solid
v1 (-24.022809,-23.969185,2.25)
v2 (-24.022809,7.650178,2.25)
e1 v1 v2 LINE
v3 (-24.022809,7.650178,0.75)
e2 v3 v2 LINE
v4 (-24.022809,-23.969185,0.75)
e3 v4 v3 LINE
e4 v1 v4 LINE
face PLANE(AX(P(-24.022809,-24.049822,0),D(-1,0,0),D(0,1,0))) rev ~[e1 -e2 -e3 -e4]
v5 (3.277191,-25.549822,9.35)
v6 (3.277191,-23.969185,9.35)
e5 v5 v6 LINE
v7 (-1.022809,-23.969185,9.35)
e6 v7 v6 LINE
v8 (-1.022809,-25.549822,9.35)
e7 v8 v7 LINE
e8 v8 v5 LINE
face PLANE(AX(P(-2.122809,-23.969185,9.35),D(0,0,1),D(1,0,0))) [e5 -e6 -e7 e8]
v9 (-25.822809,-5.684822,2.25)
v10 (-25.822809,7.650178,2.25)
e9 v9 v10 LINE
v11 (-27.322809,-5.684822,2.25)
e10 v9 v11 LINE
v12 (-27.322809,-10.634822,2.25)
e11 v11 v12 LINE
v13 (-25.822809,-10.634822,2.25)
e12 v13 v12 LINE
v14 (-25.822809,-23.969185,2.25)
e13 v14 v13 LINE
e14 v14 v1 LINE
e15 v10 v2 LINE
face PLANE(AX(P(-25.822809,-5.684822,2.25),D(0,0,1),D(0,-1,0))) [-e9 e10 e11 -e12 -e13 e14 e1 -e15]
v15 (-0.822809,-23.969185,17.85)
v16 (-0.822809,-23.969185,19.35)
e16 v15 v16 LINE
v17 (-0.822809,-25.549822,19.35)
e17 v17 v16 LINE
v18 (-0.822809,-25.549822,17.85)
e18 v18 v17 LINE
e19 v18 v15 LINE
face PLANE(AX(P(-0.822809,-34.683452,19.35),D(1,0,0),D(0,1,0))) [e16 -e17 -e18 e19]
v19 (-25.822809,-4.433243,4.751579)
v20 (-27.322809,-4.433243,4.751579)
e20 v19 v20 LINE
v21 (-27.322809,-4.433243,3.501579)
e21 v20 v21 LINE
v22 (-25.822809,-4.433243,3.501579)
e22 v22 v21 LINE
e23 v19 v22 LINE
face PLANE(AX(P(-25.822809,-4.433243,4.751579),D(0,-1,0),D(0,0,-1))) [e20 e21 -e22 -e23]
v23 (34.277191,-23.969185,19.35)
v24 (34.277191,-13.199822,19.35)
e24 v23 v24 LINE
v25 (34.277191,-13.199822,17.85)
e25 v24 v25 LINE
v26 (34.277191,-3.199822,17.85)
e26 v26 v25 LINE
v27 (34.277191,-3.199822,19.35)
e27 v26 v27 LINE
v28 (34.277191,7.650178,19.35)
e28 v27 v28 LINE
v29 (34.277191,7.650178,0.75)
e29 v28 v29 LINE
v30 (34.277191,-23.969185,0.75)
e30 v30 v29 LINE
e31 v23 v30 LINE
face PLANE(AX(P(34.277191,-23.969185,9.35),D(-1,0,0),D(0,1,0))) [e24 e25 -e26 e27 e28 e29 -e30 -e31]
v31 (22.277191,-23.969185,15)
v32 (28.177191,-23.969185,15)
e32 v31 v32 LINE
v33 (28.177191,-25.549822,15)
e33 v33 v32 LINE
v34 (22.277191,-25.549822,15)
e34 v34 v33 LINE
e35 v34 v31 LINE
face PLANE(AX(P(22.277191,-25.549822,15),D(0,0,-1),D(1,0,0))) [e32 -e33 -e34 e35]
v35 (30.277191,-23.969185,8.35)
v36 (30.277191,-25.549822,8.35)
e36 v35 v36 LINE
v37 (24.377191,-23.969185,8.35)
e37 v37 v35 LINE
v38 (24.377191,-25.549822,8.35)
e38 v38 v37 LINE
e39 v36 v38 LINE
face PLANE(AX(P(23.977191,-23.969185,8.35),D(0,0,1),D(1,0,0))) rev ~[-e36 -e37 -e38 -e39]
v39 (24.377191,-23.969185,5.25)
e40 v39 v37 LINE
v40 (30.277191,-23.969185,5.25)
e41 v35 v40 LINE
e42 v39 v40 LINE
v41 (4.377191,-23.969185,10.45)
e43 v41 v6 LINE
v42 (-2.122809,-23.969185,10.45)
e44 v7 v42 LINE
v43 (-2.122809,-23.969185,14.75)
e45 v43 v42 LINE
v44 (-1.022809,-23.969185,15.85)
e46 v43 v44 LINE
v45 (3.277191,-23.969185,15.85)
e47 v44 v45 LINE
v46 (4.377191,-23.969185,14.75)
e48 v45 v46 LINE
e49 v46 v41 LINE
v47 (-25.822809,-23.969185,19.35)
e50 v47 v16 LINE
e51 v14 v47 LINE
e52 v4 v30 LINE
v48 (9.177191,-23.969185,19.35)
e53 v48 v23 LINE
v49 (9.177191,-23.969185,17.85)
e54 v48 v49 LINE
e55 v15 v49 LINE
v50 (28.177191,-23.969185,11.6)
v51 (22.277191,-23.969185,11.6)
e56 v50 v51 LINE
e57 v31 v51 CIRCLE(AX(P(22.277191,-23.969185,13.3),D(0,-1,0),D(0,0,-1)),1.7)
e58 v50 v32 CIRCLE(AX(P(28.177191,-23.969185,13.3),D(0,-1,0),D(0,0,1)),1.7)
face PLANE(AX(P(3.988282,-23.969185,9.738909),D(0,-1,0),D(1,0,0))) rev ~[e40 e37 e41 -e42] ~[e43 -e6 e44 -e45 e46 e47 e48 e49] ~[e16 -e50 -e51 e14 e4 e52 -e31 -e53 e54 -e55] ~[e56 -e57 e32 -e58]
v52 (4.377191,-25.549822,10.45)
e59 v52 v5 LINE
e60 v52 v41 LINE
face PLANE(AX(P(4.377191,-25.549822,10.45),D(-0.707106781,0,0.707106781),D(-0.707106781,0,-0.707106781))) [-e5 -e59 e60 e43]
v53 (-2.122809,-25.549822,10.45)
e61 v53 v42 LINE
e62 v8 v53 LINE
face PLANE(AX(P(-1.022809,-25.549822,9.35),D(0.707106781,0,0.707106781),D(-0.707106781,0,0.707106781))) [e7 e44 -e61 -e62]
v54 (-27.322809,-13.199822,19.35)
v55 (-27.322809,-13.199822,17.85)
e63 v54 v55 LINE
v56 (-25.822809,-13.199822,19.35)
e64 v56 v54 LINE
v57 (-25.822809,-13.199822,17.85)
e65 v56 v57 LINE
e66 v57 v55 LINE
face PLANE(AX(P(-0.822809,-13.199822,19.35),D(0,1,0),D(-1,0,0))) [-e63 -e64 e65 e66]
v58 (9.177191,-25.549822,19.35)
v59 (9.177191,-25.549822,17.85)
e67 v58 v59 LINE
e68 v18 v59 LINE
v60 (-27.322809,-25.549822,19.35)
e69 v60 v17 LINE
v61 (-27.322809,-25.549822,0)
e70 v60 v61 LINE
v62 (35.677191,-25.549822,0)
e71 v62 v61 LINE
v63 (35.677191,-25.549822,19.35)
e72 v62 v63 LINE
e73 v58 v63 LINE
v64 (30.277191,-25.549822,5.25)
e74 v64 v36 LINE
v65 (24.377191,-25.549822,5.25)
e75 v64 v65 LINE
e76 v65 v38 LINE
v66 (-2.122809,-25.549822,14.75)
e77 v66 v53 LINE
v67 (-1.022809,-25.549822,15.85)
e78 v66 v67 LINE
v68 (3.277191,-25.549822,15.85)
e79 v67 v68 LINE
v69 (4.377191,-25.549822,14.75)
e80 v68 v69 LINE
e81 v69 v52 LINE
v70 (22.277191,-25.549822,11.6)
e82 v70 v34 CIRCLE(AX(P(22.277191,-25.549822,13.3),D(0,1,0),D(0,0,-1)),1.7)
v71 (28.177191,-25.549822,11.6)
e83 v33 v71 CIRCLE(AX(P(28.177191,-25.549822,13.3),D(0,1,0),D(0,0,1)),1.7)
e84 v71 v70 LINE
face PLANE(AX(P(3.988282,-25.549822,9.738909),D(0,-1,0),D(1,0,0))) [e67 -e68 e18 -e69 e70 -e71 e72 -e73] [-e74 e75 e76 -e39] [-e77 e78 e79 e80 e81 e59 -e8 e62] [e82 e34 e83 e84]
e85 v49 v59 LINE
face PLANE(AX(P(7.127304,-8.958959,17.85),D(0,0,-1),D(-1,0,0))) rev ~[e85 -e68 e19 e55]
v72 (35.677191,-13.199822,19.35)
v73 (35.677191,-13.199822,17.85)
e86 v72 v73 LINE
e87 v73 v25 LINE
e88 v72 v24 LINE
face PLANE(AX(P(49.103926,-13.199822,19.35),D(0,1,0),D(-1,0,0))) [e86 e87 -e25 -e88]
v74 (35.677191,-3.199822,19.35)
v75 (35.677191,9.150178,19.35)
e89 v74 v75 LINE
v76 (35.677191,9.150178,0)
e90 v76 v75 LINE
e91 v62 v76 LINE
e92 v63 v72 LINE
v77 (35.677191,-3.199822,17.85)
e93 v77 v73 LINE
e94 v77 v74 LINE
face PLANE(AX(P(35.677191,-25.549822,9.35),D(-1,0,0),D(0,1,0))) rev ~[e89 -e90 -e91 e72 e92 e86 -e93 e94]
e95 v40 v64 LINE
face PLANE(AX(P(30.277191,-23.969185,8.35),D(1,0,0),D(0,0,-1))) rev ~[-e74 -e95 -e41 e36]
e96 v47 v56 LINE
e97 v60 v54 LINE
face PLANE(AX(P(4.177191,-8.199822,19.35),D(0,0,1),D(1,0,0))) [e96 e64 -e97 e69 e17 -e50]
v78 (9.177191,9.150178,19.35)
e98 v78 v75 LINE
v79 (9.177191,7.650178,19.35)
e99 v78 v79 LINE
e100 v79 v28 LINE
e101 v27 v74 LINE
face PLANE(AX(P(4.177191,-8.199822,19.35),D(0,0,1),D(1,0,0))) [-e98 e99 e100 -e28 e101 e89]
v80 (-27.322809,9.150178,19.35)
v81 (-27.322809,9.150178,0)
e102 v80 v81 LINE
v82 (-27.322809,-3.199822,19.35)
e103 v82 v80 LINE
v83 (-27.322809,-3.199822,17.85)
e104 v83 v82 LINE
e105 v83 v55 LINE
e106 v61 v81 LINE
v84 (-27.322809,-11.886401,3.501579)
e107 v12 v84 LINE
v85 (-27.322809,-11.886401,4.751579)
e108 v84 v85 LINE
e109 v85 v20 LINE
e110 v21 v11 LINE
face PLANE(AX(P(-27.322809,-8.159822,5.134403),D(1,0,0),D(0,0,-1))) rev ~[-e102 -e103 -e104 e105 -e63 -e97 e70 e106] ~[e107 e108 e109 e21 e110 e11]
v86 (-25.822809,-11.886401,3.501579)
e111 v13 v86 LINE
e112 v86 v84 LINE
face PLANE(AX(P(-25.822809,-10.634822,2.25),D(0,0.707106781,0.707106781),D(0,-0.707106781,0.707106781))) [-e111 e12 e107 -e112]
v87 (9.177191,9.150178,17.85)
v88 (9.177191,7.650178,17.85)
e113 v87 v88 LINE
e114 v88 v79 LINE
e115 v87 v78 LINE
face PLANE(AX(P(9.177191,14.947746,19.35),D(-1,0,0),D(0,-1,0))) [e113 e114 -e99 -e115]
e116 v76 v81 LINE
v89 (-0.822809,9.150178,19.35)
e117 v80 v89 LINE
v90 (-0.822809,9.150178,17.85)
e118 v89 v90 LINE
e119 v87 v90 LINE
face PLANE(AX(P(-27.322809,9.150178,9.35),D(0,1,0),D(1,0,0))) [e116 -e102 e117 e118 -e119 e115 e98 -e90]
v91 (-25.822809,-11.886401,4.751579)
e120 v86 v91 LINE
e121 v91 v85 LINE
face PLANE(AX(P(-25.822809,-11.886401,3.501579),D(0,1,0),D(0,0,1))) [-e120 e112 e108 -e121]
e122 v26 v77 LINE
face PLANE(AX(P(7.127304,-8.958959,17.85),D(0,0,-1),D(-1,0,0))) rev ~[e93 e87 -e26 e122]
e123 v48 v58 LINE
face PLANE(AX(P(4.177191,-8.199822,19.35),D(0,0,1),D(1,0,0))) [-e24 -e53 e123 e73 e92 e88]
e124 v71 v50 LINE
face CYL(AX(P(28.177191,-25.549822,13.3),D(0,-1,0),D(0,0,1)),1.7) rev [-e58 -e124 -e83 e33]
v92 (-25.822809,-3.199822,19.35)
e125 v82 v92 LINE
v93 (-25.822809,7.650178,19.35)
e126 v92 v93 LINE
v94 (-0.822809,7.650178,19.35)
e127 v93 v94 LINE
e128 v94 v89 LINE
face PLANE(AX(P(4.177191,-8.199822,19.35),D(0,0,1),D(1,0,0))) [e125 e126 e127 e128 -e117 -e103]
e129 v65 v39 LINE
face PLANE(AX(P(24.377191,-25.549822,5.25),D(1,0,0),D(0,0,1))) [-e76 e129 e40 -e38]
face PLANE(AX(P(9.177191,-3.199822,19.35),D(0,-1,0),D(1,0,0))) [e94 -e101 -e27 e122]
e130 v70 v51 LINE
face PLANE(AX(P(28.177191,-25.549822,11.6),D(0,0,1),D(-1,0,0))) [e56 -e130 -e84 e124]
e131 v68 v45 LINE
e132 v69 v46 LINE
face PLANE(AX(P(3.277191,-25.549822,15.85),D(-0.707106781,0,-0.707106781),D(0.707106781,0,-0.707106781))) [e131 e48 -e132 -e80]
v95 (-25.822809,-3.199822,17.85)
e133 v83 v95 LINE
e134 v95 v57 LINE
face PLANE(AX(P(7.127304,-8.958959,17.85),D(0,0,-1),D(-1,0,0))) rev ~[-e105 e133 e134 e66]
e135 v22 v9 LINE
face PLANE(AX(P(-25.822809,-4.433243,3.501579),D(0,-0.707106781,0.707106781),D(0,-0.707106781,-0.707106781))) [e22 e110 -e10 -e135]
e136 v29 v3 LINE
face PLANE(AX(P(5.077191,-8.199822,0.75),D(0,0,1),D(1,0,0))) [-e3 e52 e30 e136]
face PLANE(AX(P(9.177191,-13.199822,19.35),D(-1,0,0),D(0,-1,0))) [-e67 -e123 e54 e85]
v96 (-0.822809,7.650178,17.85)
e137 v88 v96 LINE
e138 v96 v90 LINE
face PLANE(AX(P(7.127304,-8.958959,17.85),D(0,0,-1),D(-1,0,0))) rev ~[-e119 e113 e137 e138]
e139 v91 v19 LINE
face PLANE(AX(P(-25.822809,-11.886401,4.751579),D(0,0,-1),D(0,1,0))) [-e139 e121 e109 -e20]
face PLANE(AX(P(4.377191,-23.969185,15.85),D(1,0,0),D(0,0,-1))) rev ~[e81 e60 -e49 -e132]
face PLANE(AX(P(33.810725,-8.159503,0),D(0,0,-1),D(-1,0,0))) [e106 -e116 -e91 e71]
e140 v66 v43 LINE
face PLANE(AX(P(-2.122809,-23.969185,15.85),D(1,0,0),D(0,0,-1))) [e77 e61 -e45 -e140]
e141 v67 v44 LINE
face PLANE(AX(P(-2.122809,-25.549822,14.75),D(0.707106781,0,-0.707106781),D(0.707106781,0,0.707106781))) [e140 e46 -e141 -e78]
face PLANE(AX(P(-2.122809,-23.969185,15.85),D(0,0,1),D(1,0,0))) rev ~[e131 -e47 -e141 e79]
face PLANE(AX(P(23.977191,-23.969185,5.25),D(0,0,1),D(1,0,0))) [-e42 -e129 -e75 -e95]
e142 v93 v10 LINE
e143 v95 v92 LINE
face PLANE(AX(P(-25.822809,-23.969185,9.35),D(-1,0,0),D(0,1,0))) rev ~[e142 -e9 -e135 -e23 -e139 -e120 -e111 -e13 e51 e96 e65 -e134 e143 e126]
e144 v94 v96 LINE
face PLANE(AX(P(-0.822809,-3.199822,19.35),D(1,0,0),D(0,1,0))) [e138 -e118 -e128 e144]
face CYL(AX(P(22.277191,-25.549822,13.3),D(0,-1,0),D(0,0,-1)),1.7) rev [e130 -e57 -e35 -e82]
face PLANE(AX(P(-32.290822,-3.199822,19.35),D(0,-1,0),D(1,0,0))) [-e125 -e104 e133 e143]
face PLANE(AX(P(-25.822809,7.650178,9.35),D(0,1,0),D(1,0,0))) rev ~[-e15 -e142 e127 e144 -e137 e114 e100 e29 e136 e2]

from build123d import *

# Parameters (mm, degrees)
CROQUIS1_W              = 58.2
CROQUIS1_H              = 31.7
CROQUIS1_R              = 1.55
SALIENTE_EXTRUIR1_DEPTH = 0.75
CROQUIS3_W              = 63
CROQUIS3_H              = 34.7
CROQUIS3_W_2            = 58.2
CROQUIS3_H_2            = 31.7
SALIENTE_EXTRUIR2_DEPTH = 2.25
CROQUIS4_W              = 63
CROQUIS4_H              = 34.7
CROQUIS4_W_2            = 60
CROQUIS4_H_2            = 31.619362532
SALIENTE_EXTRUIR3_DEPTH = 9.35
CROQUIS5_W              = 0.932931466
CROQUIS5_H              = 31.619362532
CORTAR_EXTRUIR1_DEPTH   = 10
CROQUIS6_W              = 0.932931466
CROQUIS6_H              = 31.619362532
SALIENTE_EXTRUIR4_DEPTH = 0.75
CROQUIS7_W              = 6.3
CROQUIS7_H              = 3.1
CORTAR_EXTRUIR2_DEPTH   = 10
CROQUIS9_W              = 63
CROQUIS9_H              = 34.7
CROQUIS9_W_2            = 60.1
CROQUIS9_H_2            = 31.619362532
SALIENTE_EXTRUIR5_DEPTH = 10
CROQUIS10_W             = 6.5
CROQUIS10_H             = 6.5
CORTAR_EXTRUIR3_DEPTH   = 10
CORTAR_EXTRUIR4_DEPTH   = 10
CROQUIS12_W             = 0.4
CROQUIS12_H             = 3.1
SALIENTE_EXTRUIR6_DEPTH = 1.580637468
CORTAR_EXTRUIR5_DEPTH   = 10
SALIENTE_EXTRUIR7_DEPTH = 1.580637468
CROQUIS15_W             = 63
CROQUIS15_H             = 34.7
SALIENTE_EXTRUIR8_DEPTH = 0.75
CORTAR_EXTRUIR6_DEPTH   = 1.5
CORTAR_EXTRUIR8_DEPTH   = 10
SALIENTE_EXTRUIR9_DEPTH = 1.5
CORTAR_EXTRUIR9_DEPTH   = 10


with BuildPart() as part:
    # Croquis1 → Saliente-Extruir1 (new body)
    with BuildSketch(Plane.XY):
        with Locations((5.077191095, -8.199822064)):
            Rectangle(CROQUIS1_W, CROQUIS1_H)
        with Locations((-20.872808905, 4.450177936)):
            Circle(CROQUIS1_R, mode=Mode.SUBTRACT)
        with Locations((31.027191095, 4.450177936)):
            Circle(CROQUIS1_R, mode=Mode.SUBTRACT)
        with Locations((-20.872808905, -20.849822064)):
            Circle(CROQUIS1_R, mode=Mode.SUBTRACT)
        with Locations((31.027191095, -20.849822064)):
            Circle(CROQUIS1_R, mode=Mode.SUBTRACT)
    extrude(amount=SALIENTE_EXTRUIR1_DEPTH)

    # Croquis3 → Saliente-Extruir2 (add)
    with BuildSketch(Plane(origin=(0, 0, 0), x_dir=(-1, 0, 0), z_dir=(0, 0, -1))):
        with Locations((-4.177191095, -8.199822064)):
            Rectangle(CROQUIS3_W, CROQUIS3_H)
        with Locations((-5.077191095, -8.199822064)):
            Rectangle(CROQUIS3_W_2, CROQUIS3_H_2, mode=Mode.SUBTRACT)
    extrude(amount=-SALIENTE_EXTRUIR2_DEPTH)

    # Croquis4 → Saliente-Extruir3 (add)
    with BuildSketch(Plane.XY):
        with Locations((4.177191095, -8.199822064)):
            Rectangle(CROQUIS4_W, CROQUIS4_H)
        with Locations((4.177191095, -8.15950333)):
            Rectangle(CROQUIS4_W_2, CROQUIS4_H_2, mode=Mode.SUBTRACT)
    extrude(amount=SALIENTE_EXTRUIR3_DEPTH)

    # Croquis5 → Cortar-Extruir1 (cut)
    with BuildSketch(Plane.XY):
        with Locations((33.810725362, -8.15950333)):
            Rectangle(CROQUIS5_W, CROQUIS5_H)
    extrude(amount=CORTAR_EXTRUIR1_DEPTH, mode=Mode.SUBTRACT)

    # Croquis6 → Saliente-Extruir4 (add)
    with BuildSketch(Plane(origin=(0, 0, 0), x_dir=(-1, 0, 0), z_dir=(0, 0, -1))):
        with Locations((-33.810725362, -8.15950333)):
            Rectangle(CROQUIS6_W, CROQUIS6_H)
    extrude(amount=-SALIENTE_EXTRUIR4_DEPTH)

    # Croquis7 → Cortar-Extruir2 (cut)
    with BuildSketch(Plane(origin=(0, -23.969184596, 0), x_dir=(1, 0, 0), z_dir=(0, 1, 0))):
        with Locations((27.127191095, -6.8)):
            Rectangle(CROQUIS7_W, CROQUIS7_H)
    extrude(amount=-CORTAR_EXTRUIR2_DEPTH, mode=Mode.SUBTRACT)

    # Croquis9 → Saliente-Extruir5 (add)
    with BuildSketch(Plane.XY.offset(9.35)):
        with Locations((4.177191095, -8.199822064)):
            Rectangle(CROQUIS9_W, CROQUIS9_H)
        with Locations((4.227191095, -8.15950333)):
            Rectangle(CROQUIS9_W_2, CROQUIS9_H_2, mode=Mode.SUBTRACT)
    extrude(amount=SALIENTE_EXTRUIR5_DEPTH)

    # Croquis10 → Cortar-Extruir3 (cut)
    with BuildSketch(Plane(origin=(0, -23.969184596, 0), x_dir=(1, 0, 0), z_dir=(0, 1, 0))):
        with Locations((1.127191095, -12.6)):
            Rectangle(CROQUIS10_W, CROQUIS10_H)
    extrude(amount=-CORTAR_EXTRUIR3_DEPTH, mode=Mode.SUBTRACT)

    # Croquis11 → Cortar-Extruir4 (cut)
    with BuildSketch(Plane(origin=(0, -23.969184596, 0), x_dir=(1, 0, 0), z_dir=(0, 1, 0))):
        with BuildLine():
            Line((22.277191095, -11.7), (28.177191095, -11.7))
            ThreePointArc((28.177191095, -11.7), (29.777191095, -13.3), (28.177191095, -14.9))
            Line((28.177191095, -14.9), (22.277191095, -14.9))
            ThreePointArc((22.277191095, -14.9), (20.677191095, -13.3), (22.277191095, -11.7))
        make_face()
    extrude(amount=-CORTAR_EXTRUIR4_DEPTH, mode=Mode.SUBTRACT)

    # Croquis12 → Saliente-Extruir6 (add)
    with BuildSketch(Plane.XZ.offset(25.549822064)):
        with Locations((24.177191095, 6.8)):
            Rectangle(CROQUIS12_W, CROQUIS12_H)
    extrude(amount=-SALIENTE_EXTRUIR6_DEPTH)

    # Croquis13 → Cortar-Extruir5 (cut)
    with BuildSketch(Plane(origin=(-25.822808905, 0, 0), x_dir=(0, 0, -1), z_dir=(1, 0, 0))):
        Polygon((-6.25, -4.434822064), (-5, -4.434822064), (-3.75, -5.684822064), (-3.75, -10.634822064), (-5, -11.884822064), (-6.25, -11.884822064), align=None)
    extrude(amount=-CORTAR_EXTRUIR5_DEPTH, mode=Mode.SUBTRACT)

    # Croquis14 → Saliente-Extruir7 (add)
    with BuildSketch(Plane.XZ.offset(25.549822064)):
        Polygon((4.377191095, 10.45), (3.277191095, 9.35), (4.377191095, 9.35), align=None)
        Polygon((-1.022808905, 9.35), (-2.122808905, 10.45), (-2.122808905, 9.35), align=None)
        Polygon((-2.122808905, 14.75), (-1.022808905, 15.85), (-2.122808905, 15.85), align=None)
        Polygon((3.277191095, 15.85), (4.377191095, 14.75), (4.377191095, 15.85), align=None)
    extrude(amount=-SALIENTE_EXTRUIR7_DEPTH)

    # Croquis15 → Saliente-Extruir8 (add)
    with BuildSketch(Plane(origin=(0, 0, 0), x_dir=(-1, 0, 0), z_dir=(0, 0, -1))):
        with Locations((-4.177191095, -8.199822064)):
            Rectangle(CROQUIS15_W, CROQUIS15_H)
    extrude(amount=-SALIENTE_EXTRUIR8_DEPTH)

    # Croquis16 → Cortar-Extruir6 (cut)
    with BuildSketch(Plane.XY.offset(19.35)):
        Polygon((-32.290822341, -3.199822064), (-0.822808905, -3.199822064), (-0.822808905, 14.947745762), (9.177191095, 14.947745762), (9.177191095, -3.199822064), (49.10392573, -3.199822064), (49.10392573, -13.199822064), (9.177191095, -13.199822064), (9.177191095, -34.683452232), (-0.822808905, -34.683452232), (-0.822808905, -13.199822064), (-32.290822341, -13.199822064), align=None)
    extrude(amount=-CORTAR_EXTRUIR6_DEPTH, mode=Mode.SUBTRACT)

    # Croquis17 → Cortar-Extruir8 (cut)
    with BuildSketch(Plane.XZ.offset(25.549822064)):
        with BuildLine():
            Line((22.277191095, 15), (28.177191095, 15))
            ThreePointArc((28.177191095, 15), (29.877191095, 13.3), (28.177191095, 11.6))
            Line((28.177191095, 11.6), (22.277191095, 11.6))
            ThreePointArc((22.277191095, 11.6), (20.577191095, 13.3), (22.277191095, 15))
        make_face()
    extrude(amount=-CORTAR_EXTRUIR8_DEPTH, mode=Mode.SUBTRACT)

    # Croquis22 → Saliente-Extruir9 (add)
    with BuildSketch(Plane.ZY.offset(27.322808905)):
        Polygon((6.25, -4.434822064), (6.25, -11.884822064), (5, -11.884822064), (3.75, -10.634822064), (3.75, -5.684822064), (5, -4.434822064), align=None)
    extrude(amount=-SALIENTE_EXTRUIR9_DEPTH)

    # Croquis24 → Cortar-Extruir9 (cut)
    with BuildSketch(Plane(origin=(-25.822808905, 0, 0), x_dir=(0, 0, -1), z_dir=(1, 0, 0))):
        Polygon((-2.25, -5.684822064), (-2.25, -10.634822064), (-3.501579003, -11.886401067), (-4.751579003, -11.886401067), (-4.751579003, -4.433243061), (-3.501579003, -4.433243061), align=None)
    extrude(amount=-CORTAR_EXTRUIR9_DEPTH, mode=Mode.SUBTRACT)


solid = part.part
